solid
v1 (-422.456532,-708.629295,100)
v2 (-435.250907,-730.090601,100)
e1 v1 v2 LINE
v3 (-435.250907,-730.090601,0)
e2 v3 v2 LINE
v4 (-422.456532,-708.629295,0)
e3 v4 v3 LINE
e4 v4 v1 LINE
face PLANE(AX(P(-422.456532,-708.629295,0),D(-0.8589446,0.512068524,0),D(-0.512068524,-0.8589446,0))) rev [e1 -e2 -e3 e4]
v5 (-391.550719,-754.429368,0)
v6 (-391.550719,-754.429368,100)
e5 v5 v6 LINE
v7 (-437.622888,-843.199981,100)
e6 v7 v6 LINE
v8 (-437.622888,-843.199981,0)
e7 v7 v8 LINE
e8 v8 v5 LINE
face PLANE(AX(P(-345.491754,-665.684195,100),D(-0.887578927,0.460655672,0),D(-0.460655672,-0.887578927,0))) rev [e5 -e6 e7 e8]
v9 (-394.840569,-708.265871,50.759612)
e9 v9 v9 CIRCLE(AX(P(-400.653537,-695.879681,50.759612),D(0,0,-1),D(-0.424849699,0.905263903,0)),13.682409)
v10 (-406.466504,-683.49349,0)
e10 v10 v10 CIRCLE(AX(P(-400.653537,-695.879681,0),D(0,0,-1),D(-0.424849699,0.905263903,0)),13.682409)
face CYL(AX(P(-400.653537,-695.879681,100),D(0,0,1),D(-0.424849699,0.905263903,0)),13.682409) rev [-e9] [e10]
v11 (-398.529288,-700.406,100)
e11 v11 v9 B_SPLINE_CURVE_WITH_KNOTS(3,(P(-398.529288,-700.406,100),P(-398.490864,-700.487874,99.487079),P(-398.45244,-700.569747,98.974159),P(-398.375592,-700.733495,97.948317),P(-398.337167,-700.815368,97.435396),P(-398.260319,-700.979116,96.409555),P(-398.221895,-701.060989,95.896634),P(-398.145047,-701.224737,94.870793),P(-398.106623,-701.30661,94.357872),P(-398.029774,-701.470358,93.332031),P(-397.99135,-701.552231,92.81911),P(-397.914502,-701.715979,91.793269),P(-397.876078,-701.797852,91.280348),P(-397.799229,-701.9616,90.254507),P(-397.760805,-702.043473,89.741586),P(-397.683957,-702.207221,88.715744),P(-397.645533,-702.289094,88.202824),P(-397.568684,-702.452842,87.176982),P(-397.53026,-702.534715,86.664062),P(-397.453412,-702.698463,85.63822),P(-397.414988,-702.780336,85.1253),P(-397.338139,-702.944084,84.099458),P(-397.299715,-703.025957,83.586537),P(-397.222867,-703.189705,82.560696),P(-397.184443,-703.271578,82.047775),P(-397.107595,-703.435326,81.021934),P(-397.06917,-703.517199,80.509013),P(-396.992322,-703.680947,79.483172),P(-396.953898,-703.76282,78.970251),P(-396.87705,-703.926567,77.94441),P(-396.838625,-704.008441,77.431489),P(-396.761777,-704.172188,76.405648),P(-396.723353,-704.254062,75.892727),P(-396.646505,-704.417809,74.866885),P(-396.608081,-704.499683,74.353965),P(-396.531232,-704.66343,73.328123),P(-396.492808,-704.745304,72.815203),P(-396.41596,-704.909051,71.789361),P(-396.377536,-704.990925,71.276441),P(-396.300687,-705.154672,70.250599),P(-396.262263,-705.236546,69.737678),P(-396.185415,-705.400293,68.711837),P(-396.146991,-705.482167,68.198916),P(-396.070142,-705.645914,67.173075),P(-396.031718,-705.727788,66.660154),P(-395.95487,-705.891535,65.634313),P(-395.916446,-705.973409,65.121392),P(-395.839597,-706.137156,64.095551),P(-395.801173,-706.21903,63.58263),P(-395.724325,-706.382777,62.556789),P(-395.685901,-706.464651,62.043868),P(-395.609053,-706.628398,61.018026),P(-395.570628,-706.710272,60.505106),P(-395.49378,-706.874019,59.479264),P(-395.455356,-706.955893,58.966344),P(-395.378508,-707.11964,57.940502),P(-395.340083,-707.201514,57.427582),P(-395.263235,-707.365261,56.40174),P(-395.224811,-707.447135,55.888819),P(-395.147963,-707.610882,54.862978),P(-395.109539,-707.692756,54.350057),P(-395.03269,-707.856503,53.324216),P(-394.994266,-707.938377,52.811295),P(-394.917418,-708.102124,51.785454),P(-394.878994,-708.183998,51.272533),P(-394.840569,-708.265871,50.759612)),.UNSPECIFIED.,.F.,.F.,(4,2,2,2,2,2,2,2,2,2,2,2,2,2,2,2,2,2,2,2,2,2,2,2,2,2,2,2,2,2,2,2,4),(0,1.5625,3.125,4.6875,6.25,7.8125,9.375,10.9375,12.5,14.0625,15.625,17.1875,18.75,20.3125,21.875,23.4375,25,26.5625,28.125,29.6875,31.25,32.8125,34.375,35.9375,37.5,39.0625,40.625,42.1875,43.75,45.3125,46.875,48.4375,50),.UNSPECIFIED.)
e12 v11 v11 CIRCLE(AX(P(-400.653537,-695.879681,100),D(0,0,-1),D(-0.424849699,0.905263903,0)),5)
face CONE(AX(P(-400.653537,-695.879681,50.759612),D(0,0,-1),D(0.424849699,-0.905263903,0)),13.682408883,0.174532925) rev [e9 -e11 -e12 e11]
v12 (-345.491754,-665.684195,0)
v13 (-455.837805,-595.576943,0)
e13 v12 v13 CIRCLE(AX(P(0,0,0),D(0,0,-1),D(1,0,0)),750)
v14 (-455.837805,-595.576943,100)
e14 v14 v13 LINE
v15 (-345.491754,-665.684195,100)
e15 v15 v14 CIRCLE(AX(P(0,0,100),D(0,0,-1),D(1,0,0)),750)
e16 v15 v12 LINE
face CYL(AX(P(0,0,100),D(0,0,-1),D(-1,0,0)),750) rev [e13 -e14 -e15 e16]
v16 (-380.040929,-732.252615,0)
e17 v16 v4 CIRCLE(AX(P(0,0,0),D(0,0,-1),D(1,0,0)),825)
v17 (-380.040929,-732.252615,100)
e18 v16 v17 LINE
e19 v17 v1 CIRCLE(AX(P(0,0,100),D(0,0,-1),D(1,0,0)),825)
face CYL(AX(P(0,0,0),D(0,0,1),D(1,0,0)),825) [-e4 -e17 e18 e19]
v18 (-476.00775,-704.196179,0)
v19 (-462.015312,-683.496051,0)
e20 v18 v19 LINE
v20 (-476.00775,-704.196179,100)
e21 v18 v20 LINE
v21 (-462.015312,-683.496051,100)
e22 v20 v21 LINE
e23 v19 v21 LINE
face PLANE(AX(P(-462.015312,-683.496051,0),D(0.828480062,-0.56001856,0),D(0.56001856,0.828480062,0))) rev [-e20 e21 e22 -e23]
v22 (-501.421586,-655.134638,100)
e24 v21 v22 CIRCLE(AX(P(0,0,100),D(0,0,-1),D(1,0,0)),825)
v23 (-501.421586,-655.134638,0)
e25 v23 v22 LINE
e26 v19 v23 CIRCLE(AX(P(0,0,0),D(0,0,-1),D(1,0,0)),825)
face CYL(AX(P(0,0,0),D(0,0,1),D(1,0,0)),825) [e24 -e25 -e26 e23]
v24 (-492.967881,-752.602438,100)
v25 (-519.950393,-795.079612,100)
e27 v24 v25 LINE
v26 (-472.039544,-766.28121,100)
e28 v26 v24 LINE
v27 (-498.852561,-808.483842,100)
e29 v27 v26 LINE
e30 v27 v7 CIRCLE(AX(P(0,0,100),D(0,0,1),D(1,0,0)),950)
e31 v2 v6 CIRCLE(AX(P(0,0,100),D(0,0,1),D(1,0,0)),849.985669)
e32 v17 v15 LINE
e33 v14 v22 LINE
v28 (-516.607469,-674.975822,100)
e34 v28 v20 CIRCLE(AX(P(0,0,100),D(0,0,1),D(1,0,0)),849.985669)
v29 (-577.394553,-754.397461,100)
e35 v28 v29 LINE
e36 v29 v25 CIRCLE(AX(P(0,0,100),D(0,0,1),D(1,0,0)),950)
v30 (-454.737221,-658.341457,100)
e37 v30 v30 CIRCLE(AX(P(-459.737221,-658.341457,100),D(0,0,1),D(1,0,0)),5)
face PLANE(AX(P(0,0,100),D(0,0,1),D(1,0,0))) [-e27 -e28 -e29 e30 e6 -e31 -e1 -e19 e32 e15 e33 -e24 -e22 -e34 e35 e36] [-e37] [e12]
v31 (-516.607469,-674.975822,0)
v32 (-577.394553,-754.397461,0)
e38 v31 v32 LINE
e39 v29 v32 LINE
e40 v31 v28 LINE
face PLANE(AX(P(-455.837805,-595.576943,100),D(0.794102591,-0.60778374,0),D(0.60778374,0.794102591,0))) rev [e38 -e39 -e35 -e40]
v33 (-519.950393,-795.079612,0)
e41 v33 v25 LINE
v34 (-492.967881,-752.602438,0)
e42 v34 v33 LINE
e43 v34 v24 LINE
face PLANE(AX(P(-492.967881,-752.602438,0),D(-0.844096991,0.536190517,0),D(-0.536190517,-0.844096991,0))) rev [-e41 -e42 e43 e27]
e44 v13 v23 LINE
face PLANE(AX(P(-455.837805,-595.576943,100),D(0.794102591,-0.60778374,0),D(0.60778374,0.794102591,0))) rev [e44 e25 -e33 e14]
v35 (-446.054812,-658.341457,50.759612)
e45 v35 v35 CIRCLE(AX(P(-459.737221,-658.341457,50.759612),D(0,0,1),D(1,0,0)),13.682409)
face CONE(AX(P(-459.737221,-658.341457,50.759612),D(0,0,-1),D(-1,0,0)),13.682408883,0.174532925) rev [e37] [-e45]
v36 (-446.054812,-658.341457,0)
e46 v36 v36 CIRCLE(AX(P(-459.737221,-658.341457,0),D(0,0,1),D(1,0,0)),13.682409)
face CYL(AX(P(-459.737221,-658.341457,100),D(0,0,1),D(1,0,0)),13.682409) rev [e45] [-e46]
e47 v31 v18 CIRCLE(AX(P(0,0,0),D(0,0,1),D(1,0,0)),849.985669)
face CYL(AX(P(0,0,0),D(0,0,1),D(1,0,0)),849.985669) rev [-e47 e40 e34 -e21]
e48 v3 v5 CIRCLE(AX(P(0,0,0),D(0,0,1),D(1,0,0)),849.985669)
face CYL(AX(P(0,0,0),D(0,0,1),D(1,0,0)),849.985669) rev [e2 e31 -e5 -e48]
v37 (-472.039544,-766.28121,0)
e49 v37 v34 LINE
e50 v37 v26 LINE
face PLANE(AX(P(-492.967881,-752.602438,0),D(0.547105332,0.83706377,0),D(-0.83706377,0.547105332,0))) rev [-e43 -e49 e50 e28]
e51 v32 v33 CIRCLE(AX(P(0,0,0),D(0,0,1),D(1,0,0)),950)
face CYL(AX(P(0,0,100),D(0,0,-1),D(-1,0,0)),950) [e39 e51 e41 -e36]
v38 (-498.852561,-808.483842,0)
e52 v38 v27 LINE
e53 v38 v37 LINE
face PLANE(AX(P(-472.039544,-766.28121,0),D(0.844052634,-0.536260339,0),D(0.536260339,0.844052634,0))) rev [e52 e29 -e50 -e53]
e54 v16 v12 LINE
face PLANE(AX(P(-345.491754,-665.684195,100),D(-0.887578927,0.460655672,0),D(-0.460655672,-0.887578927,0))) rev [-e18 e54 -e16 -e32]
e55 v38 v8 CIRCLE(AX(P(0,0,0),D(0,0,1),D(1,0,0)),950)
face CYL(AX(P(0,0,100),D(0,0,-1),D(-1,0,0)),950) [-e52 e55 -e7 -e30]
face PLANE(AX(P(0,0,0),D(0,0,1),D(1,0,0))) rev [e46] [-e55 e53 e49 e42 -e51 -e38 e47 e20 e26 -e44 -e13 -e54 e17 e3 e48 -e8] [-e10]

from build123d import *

# Parameters (mm, degrees)
EXTRUDE_1_DEPTH     = 100
CUT_EXTRUDE_1_DEPTH = 1027.825534296
CUT_EXTRUDE_2_DEPTH = 100


with BuildPart() as part:
    # 草图1 → 凸台-拉伸1 (new body)
    with BuildSketch(Plane.XY):
        with BuildLine():
            Line((-455.837805225, -595.576943247), (-577.394553286, -754.397461446))
            ThreePointArc((-577.394553286, -754.397461446), (-509.447321611, -801.850002496), (-437.622888206, -843.199980858))
            Line((-437.622888206, -843.199980858), (-345.491753847, -665.684195414))
            ThreePointArc((-345.491753847, -665.684195414), (-402.195253903, -633.039475655), (-455.837805225, -595.576943247))
        make_face()
    extrude(amount=EXTRUDE_1_DEPTH)

    # 草图2 → 切除-拉伸1 (cut, through all)
    with BuildSketch(Plane.XY.offset(100)):
        Polygon((-472.039544491, -766.28120979), (-498.852561418, -808.4838415), (-500.293413788, -812.59937229), (-523.195250823, -798.324469225), (-519.950393134, -795.079611536), (-492.967880598, -752.602438021), align=None)
    extrude(amount=-CUT_EXTRUDE_1_DEPTH, mode=Mode.SUBTRACT)

    # 草图4 → 切除-旋转1 (revolve, cut)
    with BuildSketch(Plane(origin=(-29.5994078, 18.802248971, 0), x_dir=(0, 0, -1), z_dir=(0.8440969905384018, -0.5361905170403645, 0)), mode=Mode.PRIVATE) as cut_revolve_1_sk:
        Polygon((-100, -802.210780827), (-100, -797.210780827), (-50.759612349, -788.528371944), (0, -788.528371944), (0, -802.210780827), align=None)
    cut_revolve_1 = revolve(cut_revolve_1_sk.sketch.rotate(Axis((-459.737221147, -658.341456902, 100), (0, 0, -1)), 57.57531458), axis=Axis((-459.737221147, -658.341456902, 100), (0, 0, -1)), mode=Mode.SUBTRACT)

    # 镜向1: 切除-旋转1 across plane
    add(cut_revolve_1.mirror(Plane(origin=(0, 0, 0), x_dir=(0, 0, 1), z_dir=(-0.8440526342067589, 0.5362603385377582, 0))), mode=Mode.SUBTRACT)

    # 草图6 → 切除-拉伸2 (cut)
    with BuildSketch(Plane.XY.offset(100)):
        with BuildLine():
            Line((-501.421585748, -655.134637572), (-516.607469043, -674.975821978))
            ThreePointArc((-516.607469043, -674.975821978), (-496.522608458, -689.884727049), (-476.007750242, -704.196179367))
            Line((-476.007750242, -704.196179367), (-462.015311929, -683.496050861))
            ThreePointArc((-462.015311929, -683.496050861), (-481.927127678, -669.605289411), (-501.421585748, -655.134637572))
        make_face()
        with BuildLine():
            Line((-380.040929232, -732.252614955), (-391.550719321, -754.429368148))
            ThreePointArc((-391.550719321, -754.429368148), (-413.579890996, -742.581518144), (-435.250907035, -730.090600714))
            Line((-435.250907035, -730.090600714), (-422.456532439, -708.62929533))
            ThreePointArc((-422.456532439, -708.62929533), (-401.422544589, -720.753037243), (-380.040929232, -732.252614955))
        make_face()
    extrude(amount=-CUT_EXTRUDE_2_DEPTH, mode=Mode.SUBTRACT)


solid = part.part
